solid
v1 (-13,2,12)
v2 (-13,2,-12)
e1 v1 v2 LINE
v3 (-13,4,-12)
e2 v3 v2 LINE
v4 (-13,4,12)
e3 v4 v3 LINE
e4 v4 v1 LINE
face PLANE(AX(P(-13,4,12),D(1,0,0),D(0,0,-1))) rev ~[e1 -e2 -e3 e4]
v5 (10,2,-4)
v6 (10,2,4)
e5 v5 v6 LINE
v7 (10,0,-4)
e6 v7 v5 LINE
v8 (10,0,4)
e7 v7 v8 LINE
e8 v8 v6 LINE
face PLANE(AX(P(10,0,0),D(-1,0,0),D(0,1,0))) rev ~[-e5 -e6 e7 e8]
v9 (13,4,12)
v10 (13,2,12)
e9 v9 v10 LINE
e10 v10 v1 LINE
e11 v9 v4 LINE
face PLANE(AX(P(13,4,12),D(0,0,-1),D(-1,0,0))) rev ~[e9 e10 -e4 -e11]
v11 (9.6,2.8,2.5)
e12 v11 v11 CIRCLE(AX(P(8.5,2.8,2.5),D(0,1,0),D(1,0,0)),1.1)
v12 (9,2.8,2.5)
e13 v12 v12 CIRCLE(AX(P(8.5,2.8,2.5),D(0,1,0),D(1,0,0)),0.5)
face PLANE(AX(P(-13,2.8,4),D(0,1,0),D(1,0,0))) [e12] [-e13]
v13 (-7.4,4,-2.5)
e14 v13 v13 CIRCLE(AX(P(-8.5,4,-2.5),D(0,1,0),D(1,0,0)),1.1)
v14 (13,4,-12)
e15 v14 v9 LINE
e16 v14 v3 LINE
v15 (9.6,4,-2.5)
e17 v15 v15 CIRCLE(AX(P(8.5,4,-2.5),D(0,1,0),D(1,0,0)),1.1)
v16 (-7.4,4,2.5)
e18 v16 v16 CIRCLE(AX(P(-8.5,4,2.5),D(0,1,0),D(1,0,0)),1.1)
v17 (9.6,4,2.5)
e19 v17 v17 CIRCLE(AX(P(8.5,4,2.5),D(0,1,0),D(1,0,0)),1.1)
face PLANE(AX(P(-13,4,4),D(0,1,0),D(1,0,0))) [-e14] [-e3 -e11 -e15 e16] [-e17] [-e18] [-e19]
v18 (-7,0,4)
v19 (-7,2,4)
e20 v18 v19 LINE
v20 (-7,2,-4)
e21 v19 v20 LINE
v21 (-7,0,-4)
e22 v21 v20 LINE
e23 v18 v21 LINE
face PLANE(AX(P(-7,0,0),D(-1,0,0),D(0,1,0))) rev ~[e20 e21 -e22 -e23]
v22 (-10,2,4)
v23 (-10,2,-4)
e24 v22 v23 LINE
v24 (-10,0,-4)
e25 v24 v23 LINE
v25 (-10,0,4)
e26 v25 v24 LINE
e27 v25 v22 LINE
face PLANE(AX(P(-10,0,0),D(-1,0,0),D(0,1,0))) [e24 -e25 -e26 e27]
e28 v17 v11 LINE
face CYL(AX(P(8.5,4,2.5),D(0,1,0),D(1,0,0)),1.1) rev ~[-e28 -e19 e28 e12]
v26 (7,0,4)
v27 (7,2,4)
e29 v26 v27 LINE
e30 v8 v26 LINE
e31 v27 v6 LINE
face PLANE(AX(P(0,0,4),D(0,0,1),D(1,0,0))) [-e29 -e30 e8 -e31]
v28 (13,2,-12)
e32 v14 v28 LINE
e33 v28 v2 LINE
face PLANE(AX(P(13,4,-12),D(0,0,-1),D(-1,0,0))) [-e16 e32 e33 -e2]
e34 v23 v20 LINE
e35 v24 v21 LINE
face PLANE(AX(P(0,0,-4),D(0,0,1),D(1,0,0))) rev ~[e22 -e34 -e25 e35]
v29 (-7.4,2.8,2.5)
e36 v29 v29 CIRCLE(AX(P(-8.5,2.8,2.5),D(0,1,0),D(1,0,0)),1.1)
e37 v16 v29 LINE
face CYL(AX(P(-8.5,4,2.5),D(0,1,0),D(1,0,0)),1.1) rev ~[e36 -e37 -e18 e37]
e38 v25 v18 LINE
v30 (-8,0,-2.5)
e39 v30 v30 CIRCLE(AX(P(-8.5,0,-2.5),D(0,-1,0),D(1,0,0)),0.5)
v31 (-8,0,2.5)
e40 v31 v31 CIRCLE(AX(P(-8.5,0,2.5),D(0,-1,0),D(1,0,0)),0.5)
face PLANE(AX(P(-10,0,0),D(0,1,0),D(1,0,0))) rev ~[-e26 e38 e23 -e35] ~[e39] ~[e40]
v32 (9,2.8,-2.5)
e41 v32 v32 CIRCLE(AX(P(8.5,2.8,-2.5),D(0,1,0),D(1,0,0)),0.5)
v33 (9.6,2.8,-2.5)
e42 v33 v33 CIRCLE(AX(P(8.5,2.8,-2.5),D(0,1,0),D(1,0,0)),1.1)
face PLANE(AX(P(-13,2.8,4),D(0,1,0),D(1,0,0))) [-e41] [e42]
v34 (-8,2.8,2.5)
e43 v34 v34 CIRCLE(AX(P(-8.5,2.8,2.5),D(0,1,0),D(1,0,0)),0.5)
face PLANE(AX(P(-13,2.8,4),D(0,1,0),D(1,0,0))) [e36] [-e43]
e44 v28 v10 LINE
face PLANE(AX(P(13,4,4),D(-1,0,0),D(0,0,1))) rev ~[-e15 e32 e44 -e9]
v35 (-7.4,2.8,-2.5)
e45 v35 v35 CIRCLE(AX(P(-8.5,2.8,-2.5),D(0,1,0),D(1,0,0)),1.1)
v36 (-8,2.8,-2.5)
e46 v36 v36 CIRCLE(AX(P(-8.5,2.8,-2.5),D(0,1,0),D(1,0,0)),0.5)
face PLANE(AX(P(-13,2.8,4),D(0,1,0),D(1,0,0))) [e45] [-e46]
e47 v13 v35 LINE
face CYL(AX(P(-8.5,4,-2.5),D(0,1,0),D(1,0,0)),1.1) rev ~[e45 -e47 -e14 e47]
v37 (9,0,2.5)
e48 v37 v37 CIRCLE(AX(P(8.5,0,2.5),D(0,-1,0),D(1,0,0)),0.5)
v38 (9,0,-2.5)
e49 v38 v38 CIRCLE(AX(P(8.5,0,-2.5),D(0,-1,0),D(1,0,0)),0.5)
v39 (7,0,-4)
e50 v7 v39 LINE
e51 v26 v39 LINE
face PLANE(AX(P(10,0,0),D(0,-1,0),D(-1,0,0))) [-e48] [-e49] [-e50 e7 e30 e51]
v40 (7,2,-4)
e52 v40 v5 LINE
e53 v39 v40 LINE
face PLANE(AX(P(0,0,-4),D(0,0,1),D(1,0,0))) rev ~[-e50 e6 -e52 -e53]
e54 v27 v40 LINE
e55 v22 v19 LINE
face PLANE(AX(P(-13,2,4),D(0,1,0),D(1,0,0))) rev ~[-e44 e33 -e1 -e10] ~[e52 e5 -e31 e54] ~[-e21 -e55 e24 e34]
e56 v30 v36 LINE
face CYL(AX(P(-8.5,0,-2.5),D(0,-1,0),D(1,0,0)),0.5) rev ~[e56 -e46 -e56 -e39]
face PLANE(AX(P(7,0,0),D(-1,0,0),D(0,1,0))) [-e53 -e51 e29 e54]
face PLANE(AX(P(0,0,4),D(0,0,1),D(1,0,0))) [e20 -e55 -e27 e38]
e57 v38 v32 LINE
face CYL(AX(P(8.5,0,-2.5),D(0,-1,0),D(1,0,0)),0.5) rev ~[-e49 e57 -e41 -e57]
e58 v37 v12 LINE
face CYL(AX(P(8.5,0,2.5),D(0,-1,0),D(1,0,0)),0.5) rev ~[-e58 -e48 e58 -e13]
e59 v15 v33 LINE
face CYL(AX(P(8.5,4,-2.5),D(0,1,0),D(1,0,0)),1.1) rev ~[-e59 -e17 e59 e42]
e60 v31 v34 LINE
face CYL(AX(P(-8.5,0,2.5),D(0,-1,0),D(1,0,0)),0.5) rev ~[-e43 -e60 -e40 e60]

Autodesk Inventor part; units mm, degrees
ref_plane "YZ Plane" through (0, 0, 0) normal (1, 0, 0) x (0, 1, 0)
ref_plane "XZ Plane" through (0, 0, 0) normal (0, 1, 0) x (-1, 0, 0)
ref_plane "XY Plane" through (0, 0, 0) normal (0, 0, 1) x (1, 0, 0)
sketch "Sketch1" plane through (0, 0, 0) normal (0, 0, 1) x (1, 0, 0)
  line L0 (0, 0) -> (10, 0) construction
  line L1 (0, 0) -> (0, 21.2479) construction
  line L2 (10, 0) -> (7, 0)
  line L3 (7, 0) -> (7, 2)
  line L4 (7, 2) -> (0, 2)
  line L5 (10, 0) -> (10, 2)
  line L6 (10, 2) -> (13, 2)
  line L7 (13, 2) -> (13, 4)
  line L8 (13, 4) -> (0, 4)
  line L9 (-7, 0) -> (-7, 2)
  line L10 (-7, 2) -> (0, 2)
  line L11 (-10, 0) -> (-10, 2)
  line L12 (-10, 2) -> (-13, 2)
  line L13 (-13, 2) -> (-13, 4)
  line L14 (-13, 4) -> (0, 4)
  line L15 (-10, 0) -> (-7, 0)
  line L16 (7, 0) -> (10, 0)
  dimension "d0" = 10
  dimension "d1" = 3
  dimension "d2" = 2
  dimension "d3" = 2
  dimension "d4" = 3
  dimension "d5" = 2
extrude "Extrusion1" add sketch "Sketch1" along normal mid plane 8
sketch "Sketch2" plane through (-10, 0, 4) normal (0, -1, 0) x (1, 0, 0)
  line L0 (3, -8) -> (3, 0) projected
  line L1 (17, -8.5525) -> (20, -8.5525) construction
  line L2 (20, 0.5525) -> (17, 0.5525) construction
  line L3 (0, 0) -> (0, -8) construction
  line L4 (0, -8) -> (3, -8) construction
  line L5 (3, -8) -> (3, 0) construction
  line L6 (3, 0) -> (0, 0) construction
  line L7 (1.5, 0) -> (1.5, -8) construction
  line L8 (18.5, 0.5525) -> (18.5, -8.5525) construction
  line L9 (1.5, -4) -> (18.5, -4) construction
  circle A0 centre (1.5, -1.5) radius 0.5
  line L10 (10, -4) -> (10, 0.5233) construction
  line L11 (18.5, -8.5525) -> (18.5, 0.5525) construction
  circle A1 centre (1.5, -6.5) radius 0.5
  circle A2 centre (18.5, -1.5) radius 0.5
  circle A3 centre (18.5, -6.5) radius 0.5
  line L12 (20, 0) -> (17, 0) projected
  line L13 (17, -8) -> (17, 0) projected
  line L14 (17, -8) -> (20, -8) projected
  line L15 (20, 0) -> (20, -8) projected
  line L16 (3, -4) -> (17, -4) construction
  line L17 (10, -4) -> (10, -13.0103) construction
  dimension "d8" = 1
  dimension "d9" = 2.5
  dimension "d10" = 0
  dimension "d11" = 0
  dimension "d12" = 8.5
extrude "Extrusion2" cut sketch "Sketch2" against normal through all contours A0 | A1 | A2 | A3
sketch "Sketch3" plane through (-13, 4, 4) normal (0, 1, 0) x (1, 0, 0)
  circle A0 centre (21.5, 6.5) radius 0.5 projected
  circle A1 centre (21.5, 1.5) radius 0.5 projected
  circle A2 centre (4.5, 6.5) radius 0.5 projected
  circle A3 centre (4.5, 1.5) radius 0.5 projected
  circle A4 centre (4.5, 6.5) radius 1.1
  circle A5 centre (4.5, 1.5) radius 1.1
  circle A6 centre (21.5, 6.5) radius 1.1
  circle A7 centre (21.5, 1.5) radius 1.1
  dimension "d15" = 2.2
extrude "Extrusion3" cut sketch "Sketch3" against normal blind 1.2
sketch "Sketch4" plane through (-13, 4, 4) normal (0, 1, 0) x (1, 0, 0)
  line L0 (0, 8) -> (0, 0) projected
  line L1 (0, 8) -> (26, 8)
  line L2 (26, 8) -> (26, 16)
  line L3 (26, 16) -> (0, 16)
  line L4 (0, 16) -> (0, 8)
  line L5 (0, 0) -> (26, 0)
  line L6 (26, 0) -> (26, -8)
  line L7 (26, -8) -> (0, -8)
  line L8 (0, -8) -> (0, 0)
extrude "Extrusion4" add sketch "Sketch4" against normal up to surface (2 mm away)
properties part number "Table"
